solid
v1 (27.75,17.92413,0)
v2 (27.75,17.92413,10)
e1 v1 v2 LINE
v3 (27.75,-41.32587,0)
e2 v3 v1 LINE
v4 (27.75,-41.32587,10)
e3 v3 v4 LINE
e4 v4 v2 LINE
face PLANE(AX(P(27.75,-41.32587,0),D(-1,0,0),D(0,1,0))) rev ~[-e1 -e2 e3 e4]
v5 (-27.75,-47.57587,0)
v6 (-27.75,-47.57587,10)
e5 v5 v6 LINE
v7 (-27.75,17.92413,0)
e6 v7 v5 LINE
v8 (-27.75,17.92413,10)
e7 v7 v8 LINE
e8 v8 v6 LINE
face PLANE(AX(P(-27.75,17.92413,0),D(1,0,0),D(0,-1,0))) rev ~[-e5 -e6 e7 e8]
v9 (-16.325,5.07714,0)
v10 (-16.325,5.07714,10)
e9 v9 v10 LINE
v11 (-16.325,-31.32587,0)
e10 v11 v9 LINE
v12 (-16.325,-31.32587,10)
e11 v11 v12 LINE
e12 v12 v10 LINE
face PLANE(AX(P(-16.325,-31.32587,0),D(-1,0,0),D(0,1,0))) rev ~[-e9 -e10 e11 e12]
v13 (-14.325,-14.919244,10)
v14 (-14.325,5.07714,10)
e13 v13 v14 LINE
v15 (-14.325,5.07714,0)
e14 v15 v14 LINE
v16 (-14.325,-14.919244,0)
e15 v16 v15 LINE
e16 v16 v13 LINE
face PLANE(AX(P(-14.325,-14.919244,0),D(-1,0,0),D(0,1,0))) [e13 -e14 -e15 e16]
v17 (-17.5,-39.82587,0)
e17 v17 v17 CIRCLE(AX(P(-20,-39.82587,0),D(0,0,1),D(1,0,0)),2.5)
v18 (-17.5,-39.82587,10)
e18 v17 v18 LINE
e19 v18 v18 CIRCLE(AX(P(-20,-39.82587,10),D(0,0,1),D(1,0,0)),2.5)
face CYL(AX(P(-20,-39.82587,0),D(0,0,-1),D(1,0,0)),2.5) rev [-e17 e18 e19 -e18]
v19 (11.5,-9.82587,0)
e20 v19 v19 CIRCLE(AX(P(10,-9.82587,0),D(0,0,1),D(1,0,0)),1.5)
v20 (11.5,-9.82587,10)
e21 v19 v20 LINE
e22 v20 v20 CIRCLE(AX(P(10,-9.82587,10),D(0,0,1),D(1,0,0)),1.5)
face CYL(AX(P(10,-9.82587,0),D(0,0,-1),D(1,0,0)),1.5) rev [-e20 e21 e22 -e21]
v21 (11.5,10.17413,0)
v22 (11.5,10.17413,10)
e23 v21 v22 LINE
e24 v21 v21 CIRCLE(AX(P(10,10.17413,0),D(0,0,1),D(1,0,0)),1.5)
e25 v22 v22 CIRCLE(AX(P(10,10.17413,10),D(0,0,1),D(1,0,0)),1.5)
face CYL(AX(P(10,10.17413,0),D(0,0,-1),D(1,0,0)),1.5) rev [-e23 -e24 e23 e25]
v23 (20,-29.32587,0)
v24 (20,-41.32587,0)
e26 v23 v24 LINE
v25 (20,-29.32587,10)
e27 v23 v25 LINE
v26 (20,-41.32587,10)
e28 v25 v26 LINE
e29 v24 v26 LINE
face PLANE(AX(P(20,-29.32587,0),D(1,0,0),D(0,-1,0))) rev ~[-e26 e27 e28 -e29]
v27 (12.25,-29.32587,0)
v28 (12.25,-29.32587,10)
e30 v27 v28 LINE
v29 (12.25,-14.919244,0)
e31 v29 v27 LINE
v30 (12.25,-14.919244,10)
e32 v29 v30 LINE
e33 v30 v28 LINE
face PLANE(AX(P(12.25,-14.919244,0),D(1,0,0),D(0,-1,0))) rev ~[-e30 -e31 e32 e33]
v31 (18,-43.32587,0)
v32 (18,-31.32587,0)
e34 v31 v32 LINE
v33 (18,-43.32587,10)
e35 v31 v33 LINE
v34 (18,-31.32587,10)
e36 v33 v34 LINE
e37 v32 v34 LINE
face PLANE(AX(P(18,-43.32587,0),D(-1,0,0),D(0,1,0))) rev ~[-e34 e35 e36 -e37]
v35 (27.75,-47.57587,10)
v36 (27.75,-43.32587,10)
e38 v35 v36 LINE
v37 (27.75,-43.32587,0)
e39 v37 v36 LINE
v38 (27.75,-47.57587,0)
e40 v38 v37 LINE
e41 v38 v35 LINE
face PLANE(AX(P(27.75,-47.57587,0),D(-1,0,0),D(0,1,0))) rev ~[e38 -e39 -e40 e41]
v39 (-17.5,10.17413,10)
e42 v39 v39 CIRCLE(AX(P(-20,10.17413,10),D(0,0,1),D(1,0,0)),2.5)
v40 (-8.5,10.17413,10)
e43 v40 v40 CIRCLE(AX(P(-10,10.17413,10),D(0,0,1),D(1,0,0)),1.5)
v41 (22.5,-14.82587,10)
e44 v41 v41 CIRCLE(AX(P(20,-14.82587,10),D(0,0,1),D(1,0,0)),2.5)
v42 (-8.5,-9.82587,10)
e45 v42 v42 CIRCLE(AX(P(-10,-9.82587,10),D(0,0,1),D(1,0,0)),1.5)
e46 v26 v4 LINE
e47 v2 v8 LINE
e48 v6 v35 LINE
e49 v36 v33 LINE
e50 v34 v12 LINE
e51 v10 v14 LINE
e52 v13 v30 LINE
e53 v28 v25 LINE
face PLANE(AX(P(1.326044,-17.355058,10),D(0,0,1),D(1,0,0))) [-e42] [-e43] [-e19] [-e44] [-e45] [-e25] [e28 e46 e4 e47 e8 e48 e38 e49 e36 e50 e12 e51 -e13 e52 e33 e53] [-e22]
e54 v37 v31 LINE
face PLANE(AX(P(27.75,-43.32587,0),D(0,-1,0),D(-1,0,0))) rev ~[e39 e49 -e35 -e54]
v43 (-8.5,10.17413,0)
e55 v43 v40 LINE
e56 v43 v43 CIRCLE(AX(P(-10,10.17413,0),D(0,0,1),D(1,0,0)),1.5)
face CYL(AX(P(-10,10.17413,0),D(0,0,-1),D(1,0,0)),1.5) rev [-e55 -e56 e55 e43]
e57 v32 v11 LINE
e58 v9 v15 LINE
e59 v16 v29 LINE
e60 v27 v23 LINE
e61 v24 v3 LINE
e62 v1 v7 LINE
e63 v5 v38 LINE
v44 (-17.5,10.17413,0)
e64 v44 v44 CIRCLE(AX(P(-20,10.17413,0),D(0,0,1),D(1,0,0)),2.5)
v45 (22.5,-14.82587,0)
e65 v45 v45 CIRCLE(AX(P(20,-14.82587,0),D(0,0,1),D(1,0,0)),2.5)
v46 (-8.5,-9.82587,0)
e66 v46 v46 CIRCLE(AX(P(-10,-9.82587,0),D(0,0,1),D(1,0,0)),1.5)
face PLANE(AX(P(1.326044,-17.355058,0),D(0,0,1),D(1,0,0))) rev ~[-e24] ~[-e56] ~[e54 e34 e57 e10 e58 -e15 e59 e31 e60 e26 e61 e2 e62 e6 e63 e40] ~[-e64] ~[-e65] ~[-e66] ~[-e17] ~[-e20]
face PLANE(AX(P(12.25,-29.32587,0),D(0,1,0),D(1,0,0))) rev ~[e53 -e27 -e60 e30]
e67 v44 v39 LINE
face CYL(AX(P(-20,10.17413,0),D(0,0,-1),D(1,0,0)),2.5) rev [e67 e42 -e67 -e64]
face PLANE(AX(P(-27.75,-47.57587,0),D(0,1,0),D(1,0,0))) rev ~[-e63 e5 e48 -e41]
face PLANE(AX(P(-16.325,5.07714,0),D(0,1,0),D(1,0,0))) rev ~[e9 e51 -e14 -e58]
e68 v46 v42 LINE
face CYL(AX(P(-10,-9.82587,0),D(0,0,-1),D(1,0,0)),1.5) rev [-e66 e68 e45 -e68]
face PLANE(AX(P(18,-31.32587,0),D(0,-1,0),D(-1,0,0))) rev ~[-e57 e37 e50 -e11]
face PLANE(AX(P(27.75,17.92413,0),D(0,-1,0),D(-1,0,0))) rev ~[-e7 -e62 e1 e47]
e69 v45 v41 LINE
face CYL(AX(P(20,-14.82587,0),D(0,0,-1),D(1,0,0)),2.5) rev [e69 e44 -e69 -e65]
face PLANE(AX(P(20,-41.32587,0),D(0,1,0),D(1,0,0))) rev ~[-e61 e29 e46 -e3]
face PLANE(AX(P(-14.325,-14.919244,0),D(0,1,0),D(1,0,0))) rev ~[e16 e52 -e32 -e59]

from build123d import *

# Parameters (mm, degrees)
F0_W     = 18.055651
F0_H     = 19.996384
F0_R     = 1.5
F0_R_2   = 2.5
F1_DEPTH = 10


with BuildPart() as f1:
    # F0 (on Top) → F1 (new body)
    with BuildSketch(Plane.XY):
        Polygon((27.75, 17.92413), (-27.75, 17.92413), (-27.75, -47.57587), (27.75, -47.57587), (27.75, -43.32587), (18, -43.32587), (18, -31.32587), (3.730651, -31.32587), (-12.5, -31.32587), (-14.325, -31.32587), (-16.325, -31.32587), (-16.325, 5.07714), (-14.325, 5.07714), (3.730651, 5.07714), (3.730651, -14.919244), (12.25, -14.919244), (12.25, -29.32587), (20, -29.32587), (20, -41.32587), (27.75, -41.32587), align=None)
        Polygon((-20, -35.207068), (-16, -37.516469), (-16, -42.135271), (-20, -44.444672), (-24, -42.135271), (-24, -37.516469), align=None, mode=Mode.SUBTRACT)
        Polygon((-20, 14.792932), (-16, 12.483531), (-16, 7.864729), (-20, 5.555328), (-24, 7.864729), (-24, 12.483531), align=None, mode=Mode.SUBTRACT)
        Polygon((-10, 13.436159), (-7.175, 11.805145), (-7.175, 8.543116), (-10, 6.912101), (-12.825, 8.543116), (-12.825, 11.805145), align=None, mode=Mode.SUBTRACT)
        Polygon((10, -6.563841), (12.825, -8.194855), (12.825, -11.456884), (10, -13.087899), (7.175, -11.456884), (7.175, -8.194855), align=None, mode=Mode.SUBTRACT)
        Polygon((20, -10.207068), (24, -12.516469), (24, -17.135271), (20, -19.444672), (16, -17.135271), (16, -12.516469), align=None, mode=Mode.SUBTRACT)
        Polygon((10, 13.436159), (12.825, 11.805145), (12.825, 8.543116), (10, 6.912101), (7.175, 8.543116), (7.175, 11.805145), align=None, mode=Mode.SUBTRACT)
        with Locations((-5.297174, -4.921052)):
            Rectangle(F0_W, F0_H)
        Polygon((-10, -6.563841), (-7.175, -8.194855), (-7.175, -11.456884), (-10, -13.087899), (-12.825, -11.456884), (-12.825, -8.194855), align=None, mode=Mode.SUBTRACT)
        Polygon((-7.175, -11.456884), (-7.175, -8.194855), (-10, -6.563841), (-12.825, -8.194855), (-12.825, -11.456884), (-10, -13.087899), align=None)
        with Locations((-10, -9.82587)):
            Circle(F0_R, mode=Mode.SUBTRACT)
        Polygon((12.825, -11.456884), (12.825, -8.194855), (10, -6.563841), (7.175, -8.194855), (7.175, -11.456884), (10, -13.087899), align=None)
        with Locations((10, -9.82587)):
            Circle(F0_R, mode=Mode.SUBTRACT)
        Polygon((24, -17.135271), (24, -12.516469), (20, -10.207068), (16, -12.516469), (16, -17.135271), (20, -19.444672), align=None)
        with Locations((20, -14.82587)):
            Circle(F0_R_2, mode=Mode.SUBTRACT)
        Polygon((12.825, 8.543116), (12.825, 11.805145), (10, 13.436159), (7.175, 11.805145), (7.175, 8.543116), (10, 6.912101), align=None)
        with Locations((10, 10.17413)):
            Circle(F0_R, mode=Mode.SUBTRACT)
        Polygon((-7.175, 8.543116), (-7.175, 11.805145), (-10, 13.436159), (-12.825, 11.805145), (-12.825, 8.543116), (-10, 6.912101), align=None)
        with Locations((-10, 10.17413)):
            Circle(F0_R, mode=Mode.SUBTRACT)
        Polygon((-16, 7.864729), (-16, 12.483531), (-20, 14.792932), (-24, 12.483531), (-24, 7.864729), (-20, 5.555328), align=None)
        with Locations((-20, 10.17413)):
            Circle(F0_R_2, mode=Mode.SUBTRACT)
        Polygon((-16, -42.135271), (-16, -37.516469), (-20, -35.207068), (-24, -37.516469), (-24, -42.135271), (-20, -44.444672), align=None)
        with Locations((-20, -39.82587)):
            Circle(F0_R_2, mode=Mode.SUBTRACT)
    extrude(amount=F1_DEPTH)


solid = f1.part
